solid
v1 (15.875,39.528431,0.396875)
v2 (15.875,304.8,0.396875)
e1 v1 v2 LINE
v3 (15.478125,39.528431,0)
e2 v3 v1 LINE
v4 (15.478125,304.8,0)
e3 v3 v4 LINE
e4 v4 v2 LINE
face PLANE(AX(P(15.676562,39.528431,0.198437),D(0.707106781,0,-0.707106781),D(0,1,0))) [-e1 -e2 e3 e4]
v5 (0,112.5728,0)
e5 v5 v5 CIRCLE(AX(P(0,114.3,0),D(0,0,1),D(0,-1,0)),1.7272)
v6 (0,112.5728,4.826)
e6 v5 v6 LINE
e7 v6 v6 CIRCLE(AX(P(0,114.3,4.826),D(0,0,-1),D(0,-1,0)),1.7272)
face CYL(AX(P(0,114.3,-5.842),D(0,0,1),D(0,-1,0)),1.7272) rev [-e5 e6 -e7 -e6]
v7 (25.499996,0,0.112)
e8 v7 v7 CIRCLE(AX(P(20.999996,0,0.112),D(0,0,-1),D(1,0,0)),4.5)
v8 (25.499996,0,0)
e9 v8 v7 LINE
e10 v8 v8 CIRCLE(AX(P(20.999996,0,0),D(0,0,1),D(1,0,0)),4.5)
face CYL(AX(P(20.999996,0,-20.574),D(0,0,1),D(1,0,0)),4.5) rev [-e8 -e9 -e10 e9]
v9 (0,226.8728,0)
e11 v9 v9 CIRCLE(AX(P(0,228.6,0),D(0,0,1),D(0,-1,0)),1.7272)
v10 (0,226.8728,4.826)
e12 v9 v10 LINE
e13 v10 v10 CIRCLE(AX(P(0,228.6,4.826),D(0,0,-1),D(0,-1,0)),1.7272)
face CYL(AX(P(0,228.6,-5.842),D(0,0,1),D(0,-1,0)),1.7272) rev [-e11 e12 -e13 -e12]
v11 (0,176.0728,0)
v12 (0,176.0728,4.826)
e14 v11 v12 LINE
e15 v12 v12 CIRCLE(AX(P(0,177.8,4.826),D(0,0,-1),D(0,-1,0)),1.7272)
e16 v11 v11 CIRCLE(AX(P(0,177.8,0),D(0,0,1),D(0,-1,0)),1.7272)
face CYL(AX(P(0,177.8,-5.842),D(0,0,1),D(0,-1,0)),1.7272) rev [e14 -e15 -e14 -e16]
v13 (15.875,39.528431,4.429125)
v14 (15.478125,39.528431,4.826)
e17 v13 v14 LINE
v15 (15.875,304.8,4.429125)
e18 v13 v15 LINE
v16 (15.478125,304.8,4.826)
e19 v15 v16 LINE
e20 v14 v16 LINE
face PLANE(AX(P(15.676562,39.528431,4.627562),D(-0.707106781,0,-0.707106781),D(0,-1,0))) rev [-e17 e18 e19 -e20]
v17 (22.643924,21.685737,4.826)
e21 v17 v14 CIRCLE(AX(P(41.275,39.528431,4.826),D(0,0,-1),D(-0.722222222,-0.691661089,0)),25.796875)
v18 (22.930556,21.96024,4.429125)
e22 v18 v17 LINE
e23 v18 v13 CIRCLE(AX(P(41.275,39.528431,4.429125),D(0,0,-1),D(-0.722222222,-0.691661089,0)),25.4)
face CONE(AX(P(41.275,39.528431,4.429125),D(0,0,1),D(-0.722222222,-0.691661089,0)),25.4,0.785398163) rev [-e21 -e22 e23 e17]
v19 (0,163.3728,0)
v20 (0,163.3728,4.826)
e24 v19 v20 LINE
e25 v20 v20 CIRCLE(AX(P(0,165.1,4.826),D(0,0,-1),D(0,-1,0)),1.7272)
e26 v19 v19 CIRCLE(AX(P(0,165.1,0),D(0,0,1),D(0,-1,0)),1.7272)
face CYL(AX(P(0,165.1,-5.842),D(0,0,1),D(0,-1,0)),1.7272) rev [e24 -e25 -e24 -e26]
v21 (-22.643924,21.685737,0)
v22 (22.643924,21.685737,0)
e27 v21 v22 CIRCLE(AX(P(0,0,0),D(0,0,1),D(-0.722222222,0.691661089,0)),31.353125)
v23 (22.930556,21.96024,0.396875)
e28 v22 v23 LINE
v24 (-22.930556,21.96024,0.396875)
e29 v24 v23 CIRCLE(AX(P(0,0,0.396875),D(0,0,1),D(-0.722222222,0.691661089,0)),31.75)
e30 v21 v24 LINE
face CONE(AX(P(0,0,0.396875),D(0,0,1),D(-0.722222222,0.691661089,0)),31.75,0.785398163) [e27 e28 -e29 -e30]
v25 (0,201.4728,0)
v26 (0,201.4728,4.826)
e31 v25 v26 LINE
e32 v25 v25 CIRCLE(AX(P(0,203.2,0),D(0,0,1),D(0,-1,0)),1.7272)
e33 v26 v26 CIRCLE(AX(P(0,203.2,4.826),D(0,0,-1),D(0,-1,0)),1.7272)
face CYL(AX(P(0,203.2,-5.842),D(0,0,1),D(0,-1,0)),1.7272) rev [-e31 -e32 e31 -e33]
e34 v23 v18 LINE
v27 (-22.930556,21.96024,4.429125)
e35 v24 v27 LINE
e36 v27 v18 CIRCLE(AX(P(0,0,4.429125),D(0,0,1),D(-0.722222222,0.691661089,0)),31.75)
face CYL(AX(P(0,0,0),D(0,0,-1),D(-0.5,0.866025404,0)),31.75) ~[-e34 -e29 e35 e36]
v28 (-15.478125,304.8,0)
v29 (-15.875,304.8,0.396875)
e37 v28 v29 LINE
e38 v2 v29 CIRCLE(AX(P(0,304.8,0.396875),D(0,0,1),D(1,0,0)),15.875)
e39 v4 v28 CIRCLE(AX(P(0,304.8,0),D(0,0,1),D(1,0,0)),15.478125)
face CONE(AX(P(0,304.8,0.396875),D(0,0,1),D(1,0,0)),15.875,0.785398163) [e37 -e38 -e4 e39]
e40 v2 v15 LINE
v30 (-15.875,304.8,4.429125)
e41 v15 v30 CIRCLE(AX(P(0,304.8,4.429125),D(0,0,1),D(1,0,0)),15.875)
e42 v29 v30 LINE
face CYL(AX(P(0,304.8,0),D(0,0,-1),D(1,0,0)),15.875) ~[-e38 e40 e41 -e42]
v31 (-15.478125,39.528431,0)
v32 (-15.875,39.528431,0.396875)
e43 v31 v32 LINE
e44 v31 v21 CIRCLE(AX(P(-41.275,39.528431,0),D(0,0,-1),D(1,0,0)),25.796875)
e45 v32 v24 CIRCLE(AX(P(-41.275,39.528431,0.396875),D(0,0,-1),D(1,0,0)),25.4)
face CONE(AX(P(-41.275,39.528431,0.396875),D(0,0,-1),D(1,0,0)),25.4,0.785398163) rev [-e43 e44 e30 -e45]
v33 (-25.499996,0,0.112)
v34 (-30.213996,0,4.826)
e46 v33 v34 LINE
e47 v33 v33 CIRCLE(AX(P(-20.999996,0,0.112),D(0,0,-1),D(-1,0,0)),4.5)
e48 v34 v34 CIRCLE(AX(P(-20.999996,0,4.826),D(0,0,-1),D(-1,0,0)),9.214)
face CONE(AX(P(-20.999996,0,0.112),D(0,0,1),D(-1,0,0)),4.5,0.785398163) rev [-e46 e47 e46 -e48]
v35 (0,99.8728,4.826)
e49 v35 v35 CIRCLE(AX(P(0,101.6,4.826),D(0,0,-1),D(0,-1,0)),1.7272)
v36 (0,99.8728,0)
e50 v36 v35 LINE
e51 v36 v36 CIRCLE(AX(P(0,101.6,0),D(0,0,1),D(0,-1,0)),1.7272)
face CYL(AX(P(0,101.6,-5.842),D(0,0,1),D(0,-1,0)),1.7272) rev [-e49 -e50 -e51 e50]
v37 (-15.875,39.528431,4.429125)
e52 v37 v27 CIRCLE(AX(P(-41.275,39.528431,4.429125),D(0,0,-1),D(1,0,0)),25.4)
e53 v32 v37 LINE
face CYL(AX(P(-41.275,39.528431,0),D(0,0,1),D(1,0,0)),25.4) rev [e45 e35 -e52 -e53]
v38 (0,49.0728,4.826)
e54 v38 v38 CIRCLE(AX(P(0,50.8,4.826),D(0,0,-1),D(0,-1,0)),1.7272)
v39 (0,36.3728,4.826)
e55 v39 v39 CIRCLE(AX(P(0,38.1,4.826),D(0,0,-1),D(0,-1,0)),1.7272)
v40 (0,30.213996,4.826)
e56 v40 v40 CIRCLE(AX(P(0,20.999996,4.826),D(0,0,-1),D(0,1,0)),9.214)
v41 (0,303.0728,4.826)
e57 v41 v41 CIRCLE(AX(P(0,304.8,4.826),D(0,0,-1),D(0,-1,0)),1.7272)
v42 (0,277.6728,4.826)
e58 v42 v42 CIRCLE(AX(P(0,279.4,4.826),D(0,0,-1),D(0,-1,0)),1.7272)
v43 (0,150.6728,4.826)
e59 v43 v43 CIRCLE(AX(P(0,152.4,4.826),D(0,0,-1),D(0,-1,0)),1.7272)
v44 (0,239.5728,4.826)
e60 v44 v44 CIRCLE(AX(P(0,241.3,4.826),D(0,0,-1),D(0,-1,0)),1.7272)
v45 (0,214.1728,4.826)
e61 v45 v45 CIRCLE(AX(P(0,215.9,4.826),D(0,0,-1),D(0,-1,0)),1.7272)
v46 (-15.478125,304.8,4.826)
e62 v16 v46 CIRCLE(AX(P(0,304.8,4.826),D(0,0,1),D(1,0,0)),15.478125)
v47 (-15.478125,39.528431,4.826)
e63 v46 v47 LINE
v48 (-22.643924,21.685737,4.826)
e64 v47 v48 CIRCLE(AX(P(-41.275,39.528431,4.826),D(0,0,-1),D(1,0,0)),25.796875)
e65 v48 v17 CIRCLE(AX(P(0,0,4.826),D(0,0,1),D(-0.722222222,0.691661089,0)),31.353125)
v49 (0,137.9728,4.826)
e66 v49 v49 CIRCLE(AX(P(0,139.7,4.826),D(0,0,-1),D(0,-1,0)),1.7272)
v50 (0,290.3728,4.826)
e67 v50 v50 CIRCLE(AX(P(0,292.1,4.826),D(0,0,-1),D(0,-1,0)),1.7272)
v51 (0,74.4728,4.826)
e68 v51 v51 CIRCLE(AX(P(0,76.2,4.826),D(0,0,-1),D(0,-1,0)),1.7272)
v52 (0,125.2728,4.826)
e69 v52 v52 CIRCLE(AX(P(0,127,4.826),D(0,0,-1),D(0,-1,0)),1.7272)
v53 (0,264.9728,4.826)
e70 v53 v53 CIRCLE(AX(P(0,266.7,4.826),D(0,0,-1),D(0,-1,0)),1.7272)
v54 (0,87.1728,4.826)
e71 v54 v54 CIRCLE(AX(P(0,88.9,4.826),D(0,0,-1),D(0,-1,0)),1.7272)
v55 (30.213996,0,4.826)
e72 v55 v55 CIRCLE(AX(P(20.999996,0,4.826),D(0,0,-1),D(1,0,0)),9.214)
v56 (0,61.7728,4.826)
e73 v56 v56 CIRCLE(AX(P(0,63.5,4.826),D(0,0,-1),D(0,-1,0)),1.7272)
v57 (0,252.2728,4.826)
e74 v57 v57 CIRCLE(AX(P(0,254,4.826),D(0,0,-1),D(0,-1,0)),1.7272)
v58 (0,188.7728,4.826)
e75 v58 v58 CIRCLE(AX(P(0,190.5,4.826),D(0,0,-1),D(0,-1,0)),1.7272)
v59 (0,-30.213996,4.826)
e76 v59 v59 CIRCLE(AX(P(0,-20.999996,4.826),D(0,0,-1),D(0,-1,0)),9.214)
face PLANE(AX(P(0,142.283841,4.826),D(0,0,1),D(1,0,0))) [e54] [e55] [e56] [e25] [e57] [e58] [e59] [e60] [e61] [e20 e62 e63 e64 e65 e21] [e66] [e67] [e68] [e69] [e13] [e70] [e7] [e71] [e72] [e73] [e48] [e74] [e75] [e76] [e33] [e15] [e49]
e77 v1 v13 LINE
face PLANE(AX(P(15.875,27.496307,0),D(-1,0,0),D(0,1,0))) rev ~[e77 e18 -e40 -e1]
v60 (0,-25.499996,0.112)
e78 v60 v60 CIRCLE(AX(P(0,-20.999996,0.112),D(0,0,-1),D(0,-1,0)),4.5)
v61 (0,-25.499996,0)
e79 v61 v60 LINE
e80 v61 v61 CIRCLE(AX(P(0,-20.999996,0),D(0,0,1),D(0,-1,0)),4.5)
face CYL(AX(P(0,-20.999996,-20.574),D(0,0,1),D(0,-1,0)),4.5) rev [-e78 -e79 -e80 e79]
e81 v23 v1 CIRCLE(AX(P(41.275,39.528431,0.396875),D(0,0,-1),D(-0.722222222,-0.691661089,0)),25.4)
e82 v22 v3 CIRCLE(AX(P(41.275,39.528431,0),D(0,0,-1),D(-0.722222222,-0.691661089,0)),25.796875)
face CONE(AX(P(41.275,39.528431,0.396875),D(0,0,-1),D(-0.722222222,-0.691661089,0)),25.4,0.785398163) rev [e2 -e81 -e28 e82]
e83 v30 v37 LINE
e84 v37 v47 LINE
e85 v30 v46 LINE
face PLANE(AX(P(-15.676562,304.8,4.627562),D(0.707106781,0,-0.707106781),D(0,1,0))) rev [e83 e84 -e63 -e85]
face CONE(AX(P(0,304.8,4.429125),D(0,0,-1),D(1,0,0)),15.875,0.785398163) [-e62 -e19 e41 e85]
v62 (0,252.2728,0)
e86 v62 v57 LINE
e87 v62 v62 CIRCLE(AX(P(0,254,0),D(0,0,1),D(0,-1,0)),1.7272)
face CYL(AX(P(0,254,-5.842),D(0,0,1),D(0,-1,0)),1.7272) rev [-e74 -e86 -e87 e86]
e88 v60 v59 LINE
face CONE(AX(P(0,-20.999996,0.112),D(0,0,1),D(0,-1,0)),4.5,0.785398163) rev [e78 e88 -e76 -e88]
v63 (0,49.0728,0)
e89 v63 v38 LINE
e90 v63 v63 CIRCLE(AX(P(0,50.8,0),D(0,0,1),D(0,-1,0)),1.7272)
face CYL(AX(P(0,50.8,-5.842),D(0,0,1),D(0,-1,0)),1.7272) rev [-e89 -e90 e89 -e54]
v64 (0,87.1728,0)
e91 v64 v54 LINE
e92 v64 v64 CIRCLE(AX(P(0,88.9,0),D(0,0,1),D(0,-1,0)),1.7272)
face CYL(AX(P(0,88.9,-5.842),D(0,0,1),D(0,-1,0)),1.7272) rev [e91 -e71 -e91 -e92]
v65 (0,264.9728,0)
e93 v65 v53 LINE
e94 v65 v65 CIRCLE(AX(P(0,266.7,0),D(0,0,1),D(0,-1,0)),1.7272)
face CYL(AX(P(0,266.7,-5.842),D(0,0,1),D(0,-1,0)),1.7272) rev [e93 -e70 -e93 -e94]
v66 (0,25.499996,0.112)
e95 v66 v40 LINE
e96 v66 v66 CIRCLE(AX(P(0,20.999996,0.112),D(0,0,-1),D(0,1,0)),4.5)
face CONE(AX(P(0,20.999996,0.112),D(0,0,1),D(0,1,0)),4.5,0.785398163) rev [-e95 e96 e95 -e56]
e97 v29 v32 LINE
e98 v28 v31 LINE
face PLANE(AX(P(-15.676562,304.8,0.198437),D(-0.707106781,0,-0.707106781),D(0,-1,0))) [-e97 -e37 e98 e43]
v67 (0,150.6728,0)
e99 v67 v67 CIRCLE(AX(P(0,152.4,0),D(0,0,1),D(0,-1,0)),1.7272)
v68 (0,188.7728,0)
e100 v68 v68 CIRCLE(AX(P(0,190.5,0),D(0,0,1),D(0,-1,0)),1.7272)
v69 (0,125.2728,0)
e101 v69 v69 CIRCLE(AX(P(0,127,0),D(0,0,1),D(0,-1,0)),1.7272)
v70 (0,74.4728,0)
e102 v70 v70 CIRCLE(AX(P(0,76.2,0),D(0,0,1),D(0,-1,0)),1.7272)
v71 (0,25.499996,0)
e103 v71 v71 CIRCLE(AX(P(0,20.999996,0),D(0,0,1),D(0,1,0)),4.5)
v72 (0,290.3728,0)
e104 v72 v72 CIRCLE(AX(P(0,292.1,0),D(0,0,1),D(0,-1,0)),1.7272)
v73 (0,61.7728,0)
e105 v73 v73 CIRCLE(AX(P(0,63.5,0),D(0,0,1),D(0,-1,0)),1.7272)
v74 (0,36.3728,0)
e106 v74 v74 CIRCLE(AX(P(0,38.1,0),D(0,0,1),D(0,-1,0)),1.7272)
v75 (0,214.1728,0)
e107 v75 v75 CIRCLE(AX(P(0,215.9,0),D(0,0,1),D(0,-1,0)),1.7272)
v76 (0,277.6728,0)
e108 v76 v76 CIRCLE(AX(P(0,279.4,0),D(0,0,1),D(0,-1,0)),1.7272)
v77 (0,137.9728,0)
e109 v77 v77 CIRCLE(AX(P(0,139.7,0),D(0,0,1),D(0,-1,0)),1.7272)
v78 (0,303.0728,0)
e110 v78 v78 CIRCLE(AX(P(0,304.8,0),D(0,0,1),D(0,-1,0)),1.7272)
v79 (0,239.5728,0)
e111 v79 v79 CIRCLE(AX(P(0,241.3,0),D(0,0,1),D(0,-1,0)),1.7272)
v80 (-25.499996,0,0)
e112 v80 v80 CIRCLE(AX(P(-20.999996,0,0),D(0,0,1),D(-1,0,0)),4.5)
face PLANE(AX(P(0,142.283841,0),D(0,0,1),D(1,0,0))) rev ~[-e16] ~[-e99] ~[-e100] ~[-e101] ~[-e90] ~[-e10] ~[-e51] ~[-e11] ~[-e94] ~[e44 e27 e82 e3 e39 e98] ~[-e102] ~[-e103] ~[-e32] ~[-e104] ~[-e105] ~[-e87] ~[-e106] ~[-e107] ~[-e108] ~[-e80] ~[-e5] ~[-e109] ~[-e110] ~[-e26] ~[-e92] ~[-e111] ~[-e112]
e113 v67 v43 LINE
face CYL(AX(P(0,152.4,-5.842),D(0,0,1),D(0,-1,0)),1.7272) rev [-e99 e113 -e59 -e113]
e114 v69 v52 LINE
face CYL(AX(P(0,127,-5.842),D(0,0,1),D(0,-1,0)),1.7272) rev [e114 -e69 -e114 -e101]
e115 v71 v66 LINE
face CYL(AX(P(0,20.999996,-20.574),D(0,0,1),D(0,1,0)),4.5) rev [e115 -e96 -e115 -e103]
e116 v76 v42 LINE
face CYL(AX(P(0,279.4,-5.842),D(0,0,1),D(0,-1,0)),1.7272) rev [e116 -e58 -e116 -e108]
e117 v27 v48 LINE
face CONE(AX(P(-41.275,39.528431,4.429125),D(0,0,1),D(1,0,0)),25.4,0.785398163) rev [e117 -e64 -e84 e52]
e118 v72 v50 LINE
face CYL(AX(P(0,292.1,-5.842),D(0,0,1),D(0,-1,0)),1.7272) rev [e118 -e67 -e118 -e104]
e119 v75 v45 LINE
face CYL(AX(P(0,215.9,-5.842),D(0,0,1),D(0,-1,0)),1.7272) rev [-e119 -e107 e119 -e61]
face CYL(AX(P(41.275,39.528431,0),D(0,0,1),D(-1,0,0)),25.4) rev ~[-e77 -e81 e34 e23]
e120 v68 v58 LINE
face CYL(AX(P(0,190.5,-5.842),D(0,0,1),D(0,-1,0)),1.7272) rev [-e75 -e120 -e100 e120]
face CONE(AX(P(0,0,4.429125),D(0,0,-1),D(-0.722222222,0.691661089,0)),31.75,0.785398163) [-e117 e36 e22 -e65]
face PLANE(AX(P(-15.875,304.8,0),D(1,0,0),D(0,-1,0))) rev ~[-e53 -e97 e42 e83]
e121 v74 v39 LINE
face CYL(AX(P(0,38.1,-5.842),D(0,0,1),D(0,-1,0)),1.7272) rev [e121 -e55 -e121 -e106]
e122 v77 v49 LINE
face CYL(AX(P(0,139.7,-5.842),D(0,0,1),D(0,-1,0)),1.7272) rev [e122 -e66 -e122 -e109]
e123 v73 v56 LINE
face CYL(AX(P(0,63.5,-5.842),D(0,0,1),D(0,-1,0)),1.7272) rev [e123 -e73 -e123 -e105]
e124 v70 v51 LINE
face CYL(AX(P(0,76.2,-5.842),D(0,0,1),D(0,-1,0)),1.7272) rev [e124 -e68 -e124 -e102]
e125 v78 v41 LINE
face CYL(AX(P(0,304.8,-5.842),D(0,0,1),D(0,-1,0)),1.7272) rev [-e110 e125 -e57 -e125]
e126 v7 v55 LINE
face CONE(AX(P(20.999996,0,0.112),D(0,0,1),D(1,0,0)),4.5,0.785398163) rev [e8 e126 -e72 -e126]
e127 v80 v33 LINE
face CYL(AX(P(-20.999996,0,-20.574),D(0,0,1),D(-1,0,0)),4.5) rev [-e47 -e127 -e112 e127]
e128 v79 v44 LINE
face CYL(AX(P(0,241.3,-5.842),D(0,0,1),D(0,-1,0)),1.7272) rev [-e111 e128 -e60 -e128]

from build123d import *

# Parameters (mm, degrees)
BOSS_EXTRUDE1_DEPTH = 4.826
FILLET1_R           = 25.4
LPATTERN1_COUNT     = 22
LPATTERN1_PITCH     = 12.7
CIRPATTERN1_COUNT   = 4
CHAMFER1_SIZE       = 0.396875


with BuildPart() as part:
    # Sketch1 → Boss-Extrude1 (new body)
    with BuildSketch(Plane.XY):
        with BuildLine():
            Line((15.875, 27.49630657), (15.875, 304.8))
            ThreePointArc((15.875, 304.8), (0, 320.675), (-15.875, 304.8))
            Line((-15.875, 304.8), (-15.875, 27.49630657))
            ThreePointArc((-15.875, 27.49630657), (0, -31.75), (15.875, 27.49630657))
        make_face()
    extrude(amount=BOSS_EXTRUDE1_DEPTH)

    # Fillet1
    fillet1_edges = [part.edges().sort_by_distance(p)[0] for p in [
        (-15.875, 27.49630657, 2.413),
        (15.875, 27.49630657, 2.413),
    ]]
    fillet(fillet1_edges, radius=FILLET1_R)

    # Sketch3 → #8-32 Tapped Hole1 (revolve, cut)
    with BuildSketch(Plane(origin=(0, 304.8, 4.826), x_dir=(0, -1, 0), z_dir=(1, 0, 0))):
        Polygon((0, 0), (0, 11.705806461), (1.7272, 10.668), (1.7272, 0), align=None)
    f_8_32_tapped_hole1 = revolve(axis=Axis((0, 304.8, 11.176), (0, 0, -1)), mode=Mode.SUBTRACT)

    # LPattern1: #8-32 Tapped Hole1 ×22
    with Locations(*[(0, -i * LPATTERN1_PITCH, 0) for i in range(1, LPATTERN1_COUNT)]):
        add(f_8_32_tapped_hole1, mode=Mode.SUBTRACT)

    # Sketch7 → CSK for M8 SFHCS1 (revolve, cut)
    with BuildSketch(Plane(origin=(0, -20.9999961, 4.826), x_dir=(0, -1, 0), z_dir=(1, 0, 0))):
        Polygon((0, 0), (0, 28.103872786), (4.5, 25.4), (4.5, 4.714), (9.214, 0), align=None)
    csk_for_m8_sfhcs1 = revolve(axis=Axis((0, -20.9999961, 11.176), (0, 0, -1)), mode=Mode.SUBTRACT)

    # CirPattern1: CSK for M8 SFHCS1 ×4 about axis
    cirpattern1_axis = Axis((0, 0, 0), (0, 0, 1))
    for i in range(1, CIRPATTERN1_COUNT):
        add(csk_for_m8_sfhcs1.rotate(cirpattern1_axis, i * 360 / CIRPATTERN1_COUNT), mode=Mode.SUBTRACT)

    # Chamfer1
    chamfer1_edges = [part.edges().sort_by_distance(p)[0] for p in [
        (0, 320.675, 4.826),
        (-15.875, 172.164215612, 4.826),
        (0, -31.75, 0),
        (0, -31.75, 4.826),
        (15.875, 172.164215612, 0),
        (15.875, 172.164215612, 4.826),
        (-17.704797531, 30.062410119, 0),
        (-17.704797531, 30.062410119, 4.826),
        (17.704797531, 30.062410119, 0),
        (17.704797531, 30.062410119, 4.826),
        (-15.875, 172.164215612, 0),
        (0, 320.675, 0),
    ]]
    chamfer(chamfer1_edges, length=CHAMFER1_SIZE)


solid = part.part
